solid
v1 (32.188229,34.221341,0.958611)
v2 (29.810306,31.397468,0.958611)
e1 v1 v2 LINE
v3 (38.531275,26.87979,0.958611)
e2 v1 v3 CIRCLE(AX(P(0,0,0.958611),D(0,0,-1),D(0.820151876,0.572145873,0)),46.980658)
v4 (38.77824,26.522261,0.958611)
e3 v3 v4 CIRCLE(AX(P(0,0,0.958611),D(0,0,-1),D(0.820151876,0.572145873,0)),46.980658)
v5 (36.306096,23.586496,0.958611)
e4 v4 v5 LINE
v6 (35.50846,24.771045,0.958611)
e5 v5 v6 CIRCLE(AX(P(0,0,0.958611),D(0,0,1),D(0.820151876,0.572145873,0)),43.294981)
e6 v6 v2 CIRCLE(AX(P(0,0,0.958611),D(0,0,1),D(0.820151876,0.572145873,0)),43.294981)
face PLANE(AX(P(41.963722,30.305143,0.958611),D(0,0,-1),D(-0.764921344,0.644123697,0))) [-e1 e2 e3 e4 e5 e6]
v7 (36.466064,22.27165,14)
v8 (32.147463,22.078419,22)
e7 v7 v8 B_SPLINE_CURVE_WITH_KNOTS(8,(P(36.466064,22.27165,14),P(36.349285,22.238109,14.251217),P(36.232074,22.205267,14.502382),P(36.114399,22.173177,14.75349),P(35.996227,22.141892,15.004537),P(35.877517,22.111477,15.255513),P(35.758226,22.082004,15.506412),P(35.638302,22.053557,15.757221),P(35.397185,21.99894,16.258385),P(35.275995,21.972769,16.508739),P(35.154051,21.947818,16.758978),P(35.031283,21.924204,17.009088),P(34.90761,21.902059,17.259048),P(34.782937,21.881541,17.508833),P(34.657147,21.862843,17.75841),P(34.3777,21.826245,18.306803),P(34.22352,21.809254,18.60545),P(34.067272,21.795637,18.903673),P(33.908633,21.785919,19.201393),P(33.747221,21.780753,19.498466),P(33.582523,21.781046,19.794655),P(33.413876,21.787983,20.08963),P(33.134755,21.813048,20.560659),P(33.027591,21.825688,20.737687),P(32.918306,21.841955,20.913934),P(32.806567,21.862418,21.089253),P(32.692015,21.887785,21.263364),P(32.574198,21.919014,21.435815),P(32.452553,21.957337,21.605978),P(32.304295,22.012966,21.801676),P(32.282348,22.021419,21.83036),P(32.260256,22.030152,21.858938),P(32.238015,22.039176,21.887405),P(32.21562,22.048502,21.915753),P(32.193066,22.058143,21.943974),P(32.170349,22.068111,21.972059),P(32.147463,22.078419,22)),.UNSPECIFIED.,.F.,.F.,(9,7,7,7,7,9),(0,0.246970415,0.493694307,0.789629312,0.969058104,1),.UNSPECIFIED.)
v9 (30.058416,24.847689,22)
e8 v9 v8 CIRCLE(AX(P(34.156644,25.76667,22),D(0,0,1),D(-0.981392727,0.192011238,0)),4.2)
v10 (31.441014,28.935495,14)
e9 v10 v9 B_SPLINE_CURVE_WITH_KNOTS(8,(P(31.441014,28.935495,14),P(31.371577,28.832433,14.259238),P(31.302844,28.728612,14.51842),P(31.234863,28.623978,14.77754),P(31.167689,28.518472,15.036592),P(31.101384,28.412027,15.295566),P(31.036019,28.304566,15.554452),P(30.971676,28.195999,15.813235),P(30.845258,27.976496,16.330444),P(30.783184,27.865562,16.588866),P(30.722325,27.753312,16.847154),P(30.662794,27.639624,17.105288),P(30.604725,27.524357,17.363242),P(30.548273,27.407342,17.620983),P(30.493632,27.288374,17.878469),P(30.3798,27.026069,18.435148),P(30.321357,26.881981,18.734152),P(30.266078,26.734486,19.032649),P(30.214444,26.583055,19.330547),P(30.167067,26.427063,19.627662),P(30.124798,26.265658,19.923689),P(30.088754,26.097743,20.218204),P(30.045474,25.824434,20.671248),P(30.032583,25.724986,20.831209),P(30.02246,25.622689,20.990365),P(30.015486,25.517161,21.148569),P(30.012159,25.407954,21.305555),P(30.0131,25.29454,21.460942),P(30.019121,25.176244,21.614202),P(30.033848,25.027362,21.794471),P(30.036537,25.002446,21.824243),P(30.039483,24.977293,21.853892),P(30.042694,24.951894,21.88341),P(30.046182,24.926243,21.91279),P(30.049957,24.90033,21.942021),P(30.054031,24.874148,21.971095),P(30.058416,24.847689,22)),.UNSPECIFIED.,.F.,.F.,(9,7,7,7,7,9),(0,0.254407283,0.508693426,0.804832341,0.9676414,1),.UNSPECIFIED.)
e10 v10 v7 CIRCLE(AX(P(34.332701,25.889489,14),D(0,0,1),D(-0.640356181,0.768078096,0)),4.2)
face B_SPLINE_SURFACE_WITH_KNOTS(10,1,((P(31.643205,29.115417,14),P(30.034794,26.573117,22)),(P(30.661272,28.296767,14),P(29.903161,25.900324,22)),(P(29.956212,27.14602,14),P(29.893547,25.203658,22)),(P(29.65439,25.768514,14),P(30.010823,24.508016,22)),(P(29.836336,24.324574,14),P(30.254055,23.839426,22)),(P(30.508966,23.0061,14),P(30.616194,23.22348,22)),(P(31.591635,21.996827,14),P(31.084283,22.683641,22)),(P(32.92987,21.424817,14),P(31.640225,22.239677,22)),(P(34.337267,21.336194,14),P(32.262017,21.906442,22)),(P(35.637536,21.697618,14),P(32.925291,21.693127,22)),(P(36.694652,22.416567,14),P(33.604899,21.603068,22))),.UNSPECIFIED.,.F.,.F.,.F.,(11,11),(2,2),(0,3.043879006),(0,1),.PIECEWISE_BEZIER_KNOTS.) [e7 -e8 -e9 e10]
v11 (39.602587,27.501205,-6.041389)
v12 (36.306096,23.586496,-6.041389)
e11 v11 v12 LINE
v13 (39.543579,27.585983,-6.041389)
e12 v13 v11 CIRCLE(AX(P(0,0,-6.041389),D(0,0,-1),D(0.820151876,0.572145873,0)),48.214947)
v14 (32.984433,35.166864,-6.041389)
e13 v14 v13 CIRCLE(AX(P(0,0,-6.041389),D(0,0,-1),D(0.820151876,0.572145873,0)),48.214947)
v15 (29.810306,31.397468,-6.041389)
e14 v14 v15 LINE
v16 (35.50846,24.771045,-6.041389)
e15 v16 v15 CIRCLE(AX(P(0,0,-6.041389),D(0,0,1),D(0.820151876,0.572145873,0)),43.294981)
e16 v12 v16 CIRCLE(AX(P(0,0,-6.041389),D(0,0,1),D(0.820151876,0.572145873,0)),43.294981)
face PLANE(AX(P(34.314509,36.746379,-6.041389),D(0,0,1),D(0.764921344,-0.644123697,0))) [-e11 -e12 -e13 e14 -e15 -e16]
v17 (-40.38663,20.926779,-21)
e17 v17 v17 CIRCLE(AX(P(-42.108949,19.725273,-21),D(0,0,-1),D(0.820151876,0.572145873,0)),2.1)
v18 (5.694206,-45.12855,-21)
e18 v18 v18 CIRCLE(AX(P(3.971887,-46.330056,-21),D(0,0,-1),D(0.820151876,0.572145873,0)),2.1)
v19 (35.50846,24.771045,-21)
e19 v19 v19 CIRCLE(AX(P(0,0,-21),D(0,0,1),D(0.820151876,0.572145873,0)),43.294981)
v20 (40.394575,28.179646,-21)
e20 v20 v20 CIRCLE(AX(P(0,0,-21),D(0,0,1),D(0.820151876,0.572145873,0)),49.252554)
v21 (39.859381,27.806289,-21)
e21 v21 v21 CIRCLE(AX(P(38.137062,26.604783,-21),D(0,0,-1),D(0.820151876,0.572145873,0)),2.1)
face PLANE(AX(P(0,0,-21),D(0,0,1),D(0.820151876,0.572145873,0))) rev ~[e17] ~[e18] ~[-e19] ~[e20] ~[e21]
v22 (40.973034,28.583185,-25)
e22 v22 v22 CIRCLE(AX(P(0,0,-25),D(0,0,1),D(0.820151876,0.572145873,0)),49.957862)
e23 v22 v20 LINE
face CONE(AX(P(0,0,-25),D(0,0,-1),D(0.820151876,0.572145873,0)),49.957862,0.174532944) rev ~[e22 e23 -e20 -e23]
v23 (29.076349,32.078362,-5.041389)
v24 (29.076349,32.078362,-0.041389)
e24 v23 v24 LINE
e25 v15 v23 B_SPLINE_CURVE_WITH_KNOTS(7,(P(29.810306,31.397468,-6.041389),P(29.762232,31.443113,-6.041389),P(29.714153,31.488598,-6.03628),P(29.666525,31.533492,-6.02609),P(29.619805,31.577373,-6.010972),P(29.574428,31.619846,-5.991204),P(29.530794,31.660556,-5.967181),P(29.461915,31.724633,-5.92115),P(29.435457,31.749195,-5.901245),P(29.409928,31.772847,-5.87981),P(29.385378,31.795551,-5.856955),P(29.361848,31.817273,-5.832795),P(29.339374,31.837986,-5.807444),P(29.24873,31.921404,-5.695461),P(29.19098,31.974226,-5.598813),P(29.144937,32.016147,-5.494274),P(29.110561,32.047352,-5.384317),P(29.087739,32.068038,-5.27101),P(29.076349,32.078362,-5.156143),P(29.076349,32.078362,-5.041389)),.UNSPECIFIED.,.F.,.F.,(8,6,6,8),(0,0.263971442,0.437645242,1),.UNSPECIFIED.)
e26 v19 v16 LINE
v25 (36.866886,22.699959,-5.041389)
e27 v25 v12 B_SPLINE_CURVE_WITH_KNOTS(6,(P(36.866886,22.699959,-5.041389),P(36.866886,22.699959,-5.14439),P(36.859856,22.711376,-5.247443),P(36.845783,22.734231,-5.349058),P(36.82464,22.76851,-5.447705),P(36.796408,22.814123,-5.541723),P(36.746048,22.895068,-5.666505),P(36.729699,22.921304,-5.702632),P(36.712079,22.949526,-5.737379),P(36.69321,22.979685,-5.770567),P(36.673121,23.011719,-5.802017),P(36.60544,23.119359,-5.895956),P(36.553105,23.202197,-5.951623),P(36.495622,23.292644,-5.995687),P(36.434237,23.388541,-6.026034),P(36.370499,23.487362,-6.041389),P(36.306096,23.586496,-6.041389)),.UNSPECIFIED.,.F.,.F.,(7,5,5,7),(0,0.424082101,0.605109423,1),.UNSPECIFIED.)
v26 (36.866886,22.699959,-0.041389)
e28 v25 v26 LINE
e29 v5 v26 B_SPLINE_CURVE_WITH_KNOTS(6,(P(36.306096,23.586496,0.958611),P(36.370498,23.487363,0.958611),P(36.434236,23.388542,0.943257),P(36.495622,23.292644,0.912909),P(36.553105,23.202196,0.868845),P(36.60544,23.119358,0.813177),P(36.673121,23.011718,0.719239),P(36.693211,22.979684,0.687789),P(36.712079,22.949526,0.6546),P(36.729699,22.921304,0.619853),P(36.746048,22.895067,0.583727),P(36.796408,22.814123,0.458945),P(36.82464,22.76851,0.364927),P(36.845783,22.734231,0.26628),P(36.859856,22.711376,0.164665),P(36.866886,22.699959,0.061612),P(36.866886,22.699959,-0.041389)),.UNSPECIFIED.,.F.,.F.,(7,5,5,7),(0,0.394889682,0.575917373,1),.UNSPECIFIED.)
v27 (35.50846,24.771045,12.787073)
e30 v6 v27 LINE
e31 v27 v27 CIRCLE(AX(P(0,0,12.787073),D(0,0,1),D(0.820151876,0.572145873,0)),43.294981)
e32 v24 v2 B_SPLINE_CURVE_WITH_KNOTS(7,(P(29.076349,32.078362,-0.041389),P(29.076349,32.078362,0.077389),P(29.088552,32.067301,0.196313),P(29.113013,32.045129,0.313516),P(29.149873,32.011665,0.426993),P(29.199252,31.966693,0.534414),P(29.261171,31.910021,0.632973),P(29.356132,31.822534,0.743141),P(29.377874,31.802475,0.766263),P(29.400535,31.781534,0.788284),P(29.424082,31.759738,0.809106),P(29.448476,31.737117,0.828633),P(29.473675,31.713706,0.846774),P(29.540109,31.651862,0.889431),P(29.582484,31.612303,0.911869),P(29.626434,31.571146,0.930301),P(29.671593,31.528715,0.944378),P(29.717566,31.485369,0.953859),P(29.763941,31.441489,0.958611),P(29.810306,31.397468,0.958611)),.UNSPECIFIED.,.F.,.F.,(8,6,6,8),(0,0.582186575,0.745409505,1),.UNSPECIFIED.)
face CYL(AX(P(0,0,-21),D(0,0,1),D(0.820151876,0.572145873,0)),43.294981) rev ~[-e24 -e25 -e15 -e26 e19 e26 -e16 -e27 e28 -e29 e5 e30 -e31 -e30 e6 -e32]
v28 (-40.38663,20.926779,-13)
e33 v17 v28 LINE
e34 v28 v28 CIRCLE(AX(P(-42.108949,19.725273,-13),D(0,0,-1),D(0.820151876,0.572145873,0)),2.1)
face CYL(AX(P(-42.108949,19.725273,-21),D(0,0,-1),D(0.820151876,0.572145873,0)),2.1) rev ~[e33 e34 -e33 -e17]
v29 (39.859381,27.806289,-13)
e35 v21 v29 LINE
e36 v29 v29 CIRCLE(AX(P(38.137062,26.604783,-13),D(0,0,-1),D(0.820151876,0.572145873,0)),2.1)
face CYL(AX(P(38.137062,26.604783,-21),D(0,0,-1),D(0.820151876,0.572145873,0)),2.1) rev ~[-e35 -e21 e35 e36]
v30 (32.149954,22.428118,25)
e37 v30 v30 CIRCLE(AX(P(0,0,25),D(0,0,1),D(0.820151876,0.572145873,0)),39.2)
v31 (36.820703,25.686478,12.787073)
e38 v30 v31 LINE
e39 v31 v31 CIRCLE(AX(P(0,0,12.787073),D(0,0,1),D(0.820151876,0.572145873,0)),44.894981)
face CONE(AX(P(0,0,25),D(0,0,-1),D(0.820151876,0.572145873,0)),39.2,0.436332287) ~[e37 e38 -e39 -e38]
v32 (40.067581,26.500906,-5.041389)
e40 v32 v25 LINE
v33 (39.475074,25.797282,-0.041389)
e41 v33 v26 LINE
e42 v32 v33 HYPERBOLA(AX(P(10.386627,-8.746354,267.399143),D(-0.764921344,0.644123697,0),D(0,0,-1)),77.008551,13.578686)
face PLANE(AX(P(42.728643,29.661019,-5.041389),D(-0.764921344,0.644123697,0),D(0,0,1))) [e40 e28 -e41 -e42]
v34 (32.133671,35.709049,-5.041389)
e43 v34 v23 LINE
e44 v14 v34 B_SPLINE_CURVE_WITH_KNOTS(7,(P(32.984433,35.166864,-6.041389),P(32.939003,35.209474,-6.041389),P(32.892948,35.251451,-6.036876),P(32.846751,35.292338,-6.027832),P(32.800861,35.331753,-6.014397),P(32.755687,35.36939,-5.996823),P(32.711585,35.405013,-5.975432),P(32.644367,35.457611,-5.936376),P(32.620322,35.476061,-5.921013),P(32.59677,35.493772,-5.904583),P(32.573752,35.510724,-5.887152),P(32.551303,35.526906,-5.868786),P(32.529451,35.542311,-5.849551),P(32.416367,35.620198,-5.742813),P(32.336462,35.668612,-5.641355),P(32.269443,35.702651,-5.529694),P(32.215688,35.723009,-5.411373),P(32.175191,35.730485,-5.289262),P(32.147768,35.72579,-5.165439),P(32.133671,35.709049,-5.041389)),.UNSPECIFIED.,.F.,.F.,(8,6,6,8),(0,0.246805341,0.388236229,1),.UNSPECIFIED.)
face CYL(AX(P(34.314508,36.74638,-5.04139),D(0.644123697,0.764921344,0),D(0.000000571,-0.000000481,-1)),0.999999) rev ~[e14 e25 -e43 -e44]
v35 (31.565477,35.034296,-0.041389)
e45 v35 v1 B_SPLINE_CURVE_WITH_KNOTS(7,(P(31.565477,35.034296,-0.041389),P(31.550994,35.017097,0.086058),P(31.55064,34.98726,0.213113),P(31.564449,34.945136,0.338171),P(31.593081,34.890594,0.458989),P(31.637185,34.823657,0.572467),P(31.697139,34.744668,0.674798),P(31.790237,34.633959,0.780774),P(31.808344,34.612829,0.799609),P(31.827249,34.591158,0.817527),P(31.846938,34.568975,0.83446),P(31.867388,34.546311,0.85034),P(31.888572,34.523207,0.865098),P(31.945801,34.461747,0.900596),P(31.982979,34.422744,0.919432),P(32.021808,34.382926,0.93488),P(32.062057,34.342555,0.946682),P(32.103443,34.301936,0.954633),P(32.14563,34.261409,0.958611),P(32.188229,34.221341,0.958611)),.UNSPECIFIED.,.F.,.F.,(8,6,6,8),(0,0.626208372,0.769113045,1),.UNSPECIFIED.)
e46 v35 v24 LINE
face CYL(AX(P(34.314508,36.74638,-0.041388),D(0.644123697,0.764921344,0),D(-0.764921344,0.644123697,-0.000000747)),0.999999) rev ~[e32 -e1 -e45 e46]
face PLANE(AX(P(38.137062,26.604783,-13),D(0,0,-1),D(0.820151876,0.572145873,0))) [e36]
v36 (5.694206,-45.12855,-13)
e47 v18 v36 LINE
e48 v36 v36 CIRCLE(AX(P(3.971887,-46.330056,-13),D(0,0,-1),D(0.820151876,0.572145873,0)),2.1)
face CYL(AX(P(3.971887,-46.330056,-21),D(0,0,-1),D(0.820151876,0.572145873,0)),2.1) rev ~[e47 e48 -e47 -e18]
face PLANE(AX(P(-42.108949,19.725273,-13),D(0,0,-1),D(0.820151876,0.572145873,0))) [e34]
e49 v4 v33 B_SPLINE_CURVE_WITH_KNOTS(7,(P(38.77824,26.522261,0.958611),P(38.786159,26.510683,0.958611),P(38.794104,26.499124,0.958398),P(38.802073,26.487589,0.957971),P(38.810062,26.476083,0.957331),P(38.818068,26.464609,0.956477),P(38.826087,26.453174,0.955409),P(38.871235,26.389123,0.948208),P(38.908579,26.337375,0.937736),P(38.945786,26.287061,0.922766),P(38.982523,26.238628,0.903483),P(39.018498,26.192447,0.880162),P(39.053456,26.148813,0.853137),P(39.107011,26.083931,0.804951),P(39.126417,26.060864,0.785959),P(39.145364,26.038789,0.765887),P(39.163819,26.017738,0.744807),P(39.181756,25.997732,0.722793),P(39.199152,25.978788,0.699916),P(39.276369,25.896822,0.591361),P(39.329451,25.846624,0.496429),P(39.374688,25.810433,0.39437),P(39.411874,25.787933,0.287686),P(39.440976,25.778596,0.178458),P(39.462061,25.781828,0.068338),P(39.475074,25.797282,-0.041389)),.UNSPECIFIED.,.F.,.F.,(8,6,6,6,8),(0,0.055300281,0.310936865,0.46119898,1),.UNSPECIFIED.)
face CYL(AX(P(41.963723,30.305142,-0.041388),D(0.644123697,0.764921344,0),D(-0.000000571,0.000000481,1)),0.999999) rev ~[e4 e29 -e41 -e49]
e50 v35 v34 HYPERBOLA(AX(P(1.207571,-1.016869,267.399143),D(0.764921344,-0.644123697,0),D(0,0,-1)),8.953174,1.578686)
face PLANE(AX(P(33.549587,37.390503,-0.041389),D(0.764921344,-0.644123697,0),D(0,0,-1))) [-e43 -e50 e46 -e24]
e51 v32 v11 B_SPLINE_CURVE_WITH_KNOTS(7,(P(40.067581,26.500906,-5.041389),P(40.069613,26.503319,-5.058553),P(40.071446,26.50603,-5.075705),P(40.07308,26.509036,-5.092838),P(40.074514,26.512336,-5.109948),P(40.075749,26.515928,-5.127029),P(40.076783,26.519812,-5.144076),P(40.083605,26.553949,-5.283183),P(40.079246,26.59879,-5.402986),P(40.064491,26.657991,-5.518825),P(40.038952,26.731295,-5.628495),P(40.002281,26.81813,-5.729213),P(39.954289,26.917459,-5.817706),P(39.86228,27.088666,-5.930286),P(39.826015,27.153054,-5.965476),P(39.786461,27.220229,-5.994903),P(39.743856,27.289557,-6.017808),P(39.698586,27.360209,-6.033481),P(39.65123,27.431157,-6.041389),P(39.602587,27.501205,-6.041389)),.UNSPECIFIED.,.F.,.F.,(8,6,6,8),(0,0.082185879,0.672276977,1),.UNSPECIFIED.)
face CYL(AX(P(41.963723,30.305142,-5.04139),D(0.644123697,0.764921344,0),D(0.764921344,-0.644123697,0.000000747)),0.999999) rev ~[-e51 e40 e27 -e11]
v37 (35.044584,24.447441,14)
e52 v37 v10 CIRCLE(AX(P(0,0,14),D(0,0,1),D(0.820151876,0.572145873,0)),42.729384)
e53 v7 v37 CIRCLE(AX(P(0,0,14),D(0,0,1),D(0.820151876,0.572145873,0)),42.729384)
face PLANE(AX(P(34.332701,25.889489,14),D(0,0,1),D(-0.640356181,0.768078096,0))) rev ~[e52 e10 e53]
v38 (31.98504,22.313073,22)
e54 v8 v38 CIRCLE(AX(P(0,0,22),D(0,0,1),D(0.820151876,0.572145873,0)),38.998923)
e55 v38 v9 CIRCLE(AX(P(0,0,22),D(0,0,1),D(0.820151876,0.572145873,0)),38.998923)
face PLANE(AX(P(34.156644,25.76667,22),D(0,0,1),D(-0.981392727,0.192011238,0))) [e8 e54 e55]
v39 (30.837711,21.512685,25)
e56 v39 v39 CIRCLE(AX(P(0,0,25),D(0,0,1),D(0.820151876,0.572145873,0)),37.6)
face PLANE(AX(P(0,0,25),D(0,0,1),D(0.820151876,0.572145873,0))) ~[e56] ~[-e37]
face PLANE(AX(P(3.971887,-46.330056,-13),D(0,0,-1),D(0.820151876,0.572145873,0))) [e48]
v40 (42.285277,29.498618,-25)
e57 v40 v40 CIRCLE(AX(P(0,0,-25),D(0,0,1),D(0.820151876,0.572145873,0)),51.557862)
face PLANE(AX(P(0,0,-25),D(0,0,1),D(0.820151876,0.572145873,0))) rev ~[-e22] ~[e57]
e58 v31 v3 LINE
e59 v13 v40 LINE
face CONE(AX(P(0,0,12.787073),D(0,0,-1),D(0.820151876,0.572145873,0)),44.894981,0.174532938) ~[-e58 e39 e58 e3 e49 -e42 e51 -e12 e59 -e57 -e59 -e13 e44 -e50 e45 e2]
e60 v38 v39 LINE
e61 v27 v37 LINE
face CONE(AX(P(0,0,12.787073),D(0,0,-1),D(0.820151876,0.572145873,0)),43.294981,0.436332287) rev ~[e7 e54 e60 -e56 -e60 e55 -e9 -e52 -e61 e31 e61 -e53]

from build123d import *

# Parameters (mm, degrees)
SKETCH024_R             = 2.1
POCKET008_DEPTH         = 8
POCKET015_DEPTH         = 14
BODY002_PLACEMENT_ANGLE = 325.1


with BuildPart() as part:
    # Sketch006 → Revolution001 (revolve)
    with BuildSketch(Plane.XZ):
        Polygon((37.6, 25), (39.2, 25), (44.894981, 12.787073), (51.557862, -25), (49.957862, -25), (49.252554, -21), (43.294981, -21), (43.294981, 12.787073), align=None)
    revolve(axis=Axis((0, 0, 0), (0, 0, 1)))

    # Sketch011 → AdditiveLoft section 0
    with BuildSketch(Plane.XY.offset(14)):
        with BuildLine():
            ThreePointArc((42.6105, 5.774535), (38.773466, 1.434698), (42.920734, -2.609704))
            ThreePointArc((42.920734, -2.609704), (42.970593, 1.59), (42.6105, 5.774535))
        make_face()
    # Sketch012 → AdditiveLoft section 1
    with BuildSketch(Plane(origin=(0, 1, 22), x_dir=(1, 0, 0), z_dir=(0, 0, 1))):
        with BuildLine():
            ThreePointArc((39.836792, 3.609708), (38.556329, 0.532049), (39.921227, -2.509107))
            ThreePointArc((39.921227, -2.509107), (39.996192, 0.551918), (39.836792, 3.609708))
        make_face()
    loft()

    # Sketch024 (on Face9 of AdditiveLoft) → Pocket008 (cut)
    with BuildSketch(Plane(origin=(0, 0, -21), x_dir=(1, 0, 0), z_dir=(0, 0, -1))):
        with Locations((-23.25, 40.270181)):
            Circle(SKETCH024_R)
        with Locations((46.5, 0)):
            Circle(SKETCH024_R)
        with Locations((-23.25, -40.270181)):
            Circle(SKETCH024_R)
    extrude(amount=-POCKET008_DEPTH, mode=Mode.SUBTRACT)

    # Sketch035 (on DatumPlane) → Pocket015 (cut)
    with BuildSketch(Plane(origin=(0, 194, 0), x_dir=(-0.258819, 0.965926, 0), z_dir=(0.965926, 0.258819, 0))):
        with BuildLine():
            ThreePointArc((-199.968301, 0.958611), (-200.675408, 0.665718), (-200.968301, -0.041389))
            Line((-200.968301, -5.041389), (-200.968301, -0.041389))
            ThreePointArc((-200.968301, -5.041389), (-200.675408, -5.748496), (-199.968301, -6.041389))
            Line((-189.968301, -6.041389), (-199.968301, -6.041389))
            ThreePointArc((-189.968301, -6.041389), (-189.261194, -5.748496), (-188.968301, -5.041389))
            Line((-188.968301, -0.041389), (-188.968301, -5.041389))
            ThreePointArc((-188.968301, -0.041389), (-189.261194, 0.665718), (-189.968301, 0.958611))
            Line((-199.968301, 0.958611), (-189.968301, 0.958611))
        make_face()
    extrude(amount=-POCKET015_DEPTH, mode=Mode.SUBTRACT)


with BuildPart() as part_1:
    # Body002 placement: moved
    add(part.part.rotate(Axis((0, 0, 0), (0, 0, -1)), BODY002_PLACEMENT_ANGLE))


solid = part_1.part
